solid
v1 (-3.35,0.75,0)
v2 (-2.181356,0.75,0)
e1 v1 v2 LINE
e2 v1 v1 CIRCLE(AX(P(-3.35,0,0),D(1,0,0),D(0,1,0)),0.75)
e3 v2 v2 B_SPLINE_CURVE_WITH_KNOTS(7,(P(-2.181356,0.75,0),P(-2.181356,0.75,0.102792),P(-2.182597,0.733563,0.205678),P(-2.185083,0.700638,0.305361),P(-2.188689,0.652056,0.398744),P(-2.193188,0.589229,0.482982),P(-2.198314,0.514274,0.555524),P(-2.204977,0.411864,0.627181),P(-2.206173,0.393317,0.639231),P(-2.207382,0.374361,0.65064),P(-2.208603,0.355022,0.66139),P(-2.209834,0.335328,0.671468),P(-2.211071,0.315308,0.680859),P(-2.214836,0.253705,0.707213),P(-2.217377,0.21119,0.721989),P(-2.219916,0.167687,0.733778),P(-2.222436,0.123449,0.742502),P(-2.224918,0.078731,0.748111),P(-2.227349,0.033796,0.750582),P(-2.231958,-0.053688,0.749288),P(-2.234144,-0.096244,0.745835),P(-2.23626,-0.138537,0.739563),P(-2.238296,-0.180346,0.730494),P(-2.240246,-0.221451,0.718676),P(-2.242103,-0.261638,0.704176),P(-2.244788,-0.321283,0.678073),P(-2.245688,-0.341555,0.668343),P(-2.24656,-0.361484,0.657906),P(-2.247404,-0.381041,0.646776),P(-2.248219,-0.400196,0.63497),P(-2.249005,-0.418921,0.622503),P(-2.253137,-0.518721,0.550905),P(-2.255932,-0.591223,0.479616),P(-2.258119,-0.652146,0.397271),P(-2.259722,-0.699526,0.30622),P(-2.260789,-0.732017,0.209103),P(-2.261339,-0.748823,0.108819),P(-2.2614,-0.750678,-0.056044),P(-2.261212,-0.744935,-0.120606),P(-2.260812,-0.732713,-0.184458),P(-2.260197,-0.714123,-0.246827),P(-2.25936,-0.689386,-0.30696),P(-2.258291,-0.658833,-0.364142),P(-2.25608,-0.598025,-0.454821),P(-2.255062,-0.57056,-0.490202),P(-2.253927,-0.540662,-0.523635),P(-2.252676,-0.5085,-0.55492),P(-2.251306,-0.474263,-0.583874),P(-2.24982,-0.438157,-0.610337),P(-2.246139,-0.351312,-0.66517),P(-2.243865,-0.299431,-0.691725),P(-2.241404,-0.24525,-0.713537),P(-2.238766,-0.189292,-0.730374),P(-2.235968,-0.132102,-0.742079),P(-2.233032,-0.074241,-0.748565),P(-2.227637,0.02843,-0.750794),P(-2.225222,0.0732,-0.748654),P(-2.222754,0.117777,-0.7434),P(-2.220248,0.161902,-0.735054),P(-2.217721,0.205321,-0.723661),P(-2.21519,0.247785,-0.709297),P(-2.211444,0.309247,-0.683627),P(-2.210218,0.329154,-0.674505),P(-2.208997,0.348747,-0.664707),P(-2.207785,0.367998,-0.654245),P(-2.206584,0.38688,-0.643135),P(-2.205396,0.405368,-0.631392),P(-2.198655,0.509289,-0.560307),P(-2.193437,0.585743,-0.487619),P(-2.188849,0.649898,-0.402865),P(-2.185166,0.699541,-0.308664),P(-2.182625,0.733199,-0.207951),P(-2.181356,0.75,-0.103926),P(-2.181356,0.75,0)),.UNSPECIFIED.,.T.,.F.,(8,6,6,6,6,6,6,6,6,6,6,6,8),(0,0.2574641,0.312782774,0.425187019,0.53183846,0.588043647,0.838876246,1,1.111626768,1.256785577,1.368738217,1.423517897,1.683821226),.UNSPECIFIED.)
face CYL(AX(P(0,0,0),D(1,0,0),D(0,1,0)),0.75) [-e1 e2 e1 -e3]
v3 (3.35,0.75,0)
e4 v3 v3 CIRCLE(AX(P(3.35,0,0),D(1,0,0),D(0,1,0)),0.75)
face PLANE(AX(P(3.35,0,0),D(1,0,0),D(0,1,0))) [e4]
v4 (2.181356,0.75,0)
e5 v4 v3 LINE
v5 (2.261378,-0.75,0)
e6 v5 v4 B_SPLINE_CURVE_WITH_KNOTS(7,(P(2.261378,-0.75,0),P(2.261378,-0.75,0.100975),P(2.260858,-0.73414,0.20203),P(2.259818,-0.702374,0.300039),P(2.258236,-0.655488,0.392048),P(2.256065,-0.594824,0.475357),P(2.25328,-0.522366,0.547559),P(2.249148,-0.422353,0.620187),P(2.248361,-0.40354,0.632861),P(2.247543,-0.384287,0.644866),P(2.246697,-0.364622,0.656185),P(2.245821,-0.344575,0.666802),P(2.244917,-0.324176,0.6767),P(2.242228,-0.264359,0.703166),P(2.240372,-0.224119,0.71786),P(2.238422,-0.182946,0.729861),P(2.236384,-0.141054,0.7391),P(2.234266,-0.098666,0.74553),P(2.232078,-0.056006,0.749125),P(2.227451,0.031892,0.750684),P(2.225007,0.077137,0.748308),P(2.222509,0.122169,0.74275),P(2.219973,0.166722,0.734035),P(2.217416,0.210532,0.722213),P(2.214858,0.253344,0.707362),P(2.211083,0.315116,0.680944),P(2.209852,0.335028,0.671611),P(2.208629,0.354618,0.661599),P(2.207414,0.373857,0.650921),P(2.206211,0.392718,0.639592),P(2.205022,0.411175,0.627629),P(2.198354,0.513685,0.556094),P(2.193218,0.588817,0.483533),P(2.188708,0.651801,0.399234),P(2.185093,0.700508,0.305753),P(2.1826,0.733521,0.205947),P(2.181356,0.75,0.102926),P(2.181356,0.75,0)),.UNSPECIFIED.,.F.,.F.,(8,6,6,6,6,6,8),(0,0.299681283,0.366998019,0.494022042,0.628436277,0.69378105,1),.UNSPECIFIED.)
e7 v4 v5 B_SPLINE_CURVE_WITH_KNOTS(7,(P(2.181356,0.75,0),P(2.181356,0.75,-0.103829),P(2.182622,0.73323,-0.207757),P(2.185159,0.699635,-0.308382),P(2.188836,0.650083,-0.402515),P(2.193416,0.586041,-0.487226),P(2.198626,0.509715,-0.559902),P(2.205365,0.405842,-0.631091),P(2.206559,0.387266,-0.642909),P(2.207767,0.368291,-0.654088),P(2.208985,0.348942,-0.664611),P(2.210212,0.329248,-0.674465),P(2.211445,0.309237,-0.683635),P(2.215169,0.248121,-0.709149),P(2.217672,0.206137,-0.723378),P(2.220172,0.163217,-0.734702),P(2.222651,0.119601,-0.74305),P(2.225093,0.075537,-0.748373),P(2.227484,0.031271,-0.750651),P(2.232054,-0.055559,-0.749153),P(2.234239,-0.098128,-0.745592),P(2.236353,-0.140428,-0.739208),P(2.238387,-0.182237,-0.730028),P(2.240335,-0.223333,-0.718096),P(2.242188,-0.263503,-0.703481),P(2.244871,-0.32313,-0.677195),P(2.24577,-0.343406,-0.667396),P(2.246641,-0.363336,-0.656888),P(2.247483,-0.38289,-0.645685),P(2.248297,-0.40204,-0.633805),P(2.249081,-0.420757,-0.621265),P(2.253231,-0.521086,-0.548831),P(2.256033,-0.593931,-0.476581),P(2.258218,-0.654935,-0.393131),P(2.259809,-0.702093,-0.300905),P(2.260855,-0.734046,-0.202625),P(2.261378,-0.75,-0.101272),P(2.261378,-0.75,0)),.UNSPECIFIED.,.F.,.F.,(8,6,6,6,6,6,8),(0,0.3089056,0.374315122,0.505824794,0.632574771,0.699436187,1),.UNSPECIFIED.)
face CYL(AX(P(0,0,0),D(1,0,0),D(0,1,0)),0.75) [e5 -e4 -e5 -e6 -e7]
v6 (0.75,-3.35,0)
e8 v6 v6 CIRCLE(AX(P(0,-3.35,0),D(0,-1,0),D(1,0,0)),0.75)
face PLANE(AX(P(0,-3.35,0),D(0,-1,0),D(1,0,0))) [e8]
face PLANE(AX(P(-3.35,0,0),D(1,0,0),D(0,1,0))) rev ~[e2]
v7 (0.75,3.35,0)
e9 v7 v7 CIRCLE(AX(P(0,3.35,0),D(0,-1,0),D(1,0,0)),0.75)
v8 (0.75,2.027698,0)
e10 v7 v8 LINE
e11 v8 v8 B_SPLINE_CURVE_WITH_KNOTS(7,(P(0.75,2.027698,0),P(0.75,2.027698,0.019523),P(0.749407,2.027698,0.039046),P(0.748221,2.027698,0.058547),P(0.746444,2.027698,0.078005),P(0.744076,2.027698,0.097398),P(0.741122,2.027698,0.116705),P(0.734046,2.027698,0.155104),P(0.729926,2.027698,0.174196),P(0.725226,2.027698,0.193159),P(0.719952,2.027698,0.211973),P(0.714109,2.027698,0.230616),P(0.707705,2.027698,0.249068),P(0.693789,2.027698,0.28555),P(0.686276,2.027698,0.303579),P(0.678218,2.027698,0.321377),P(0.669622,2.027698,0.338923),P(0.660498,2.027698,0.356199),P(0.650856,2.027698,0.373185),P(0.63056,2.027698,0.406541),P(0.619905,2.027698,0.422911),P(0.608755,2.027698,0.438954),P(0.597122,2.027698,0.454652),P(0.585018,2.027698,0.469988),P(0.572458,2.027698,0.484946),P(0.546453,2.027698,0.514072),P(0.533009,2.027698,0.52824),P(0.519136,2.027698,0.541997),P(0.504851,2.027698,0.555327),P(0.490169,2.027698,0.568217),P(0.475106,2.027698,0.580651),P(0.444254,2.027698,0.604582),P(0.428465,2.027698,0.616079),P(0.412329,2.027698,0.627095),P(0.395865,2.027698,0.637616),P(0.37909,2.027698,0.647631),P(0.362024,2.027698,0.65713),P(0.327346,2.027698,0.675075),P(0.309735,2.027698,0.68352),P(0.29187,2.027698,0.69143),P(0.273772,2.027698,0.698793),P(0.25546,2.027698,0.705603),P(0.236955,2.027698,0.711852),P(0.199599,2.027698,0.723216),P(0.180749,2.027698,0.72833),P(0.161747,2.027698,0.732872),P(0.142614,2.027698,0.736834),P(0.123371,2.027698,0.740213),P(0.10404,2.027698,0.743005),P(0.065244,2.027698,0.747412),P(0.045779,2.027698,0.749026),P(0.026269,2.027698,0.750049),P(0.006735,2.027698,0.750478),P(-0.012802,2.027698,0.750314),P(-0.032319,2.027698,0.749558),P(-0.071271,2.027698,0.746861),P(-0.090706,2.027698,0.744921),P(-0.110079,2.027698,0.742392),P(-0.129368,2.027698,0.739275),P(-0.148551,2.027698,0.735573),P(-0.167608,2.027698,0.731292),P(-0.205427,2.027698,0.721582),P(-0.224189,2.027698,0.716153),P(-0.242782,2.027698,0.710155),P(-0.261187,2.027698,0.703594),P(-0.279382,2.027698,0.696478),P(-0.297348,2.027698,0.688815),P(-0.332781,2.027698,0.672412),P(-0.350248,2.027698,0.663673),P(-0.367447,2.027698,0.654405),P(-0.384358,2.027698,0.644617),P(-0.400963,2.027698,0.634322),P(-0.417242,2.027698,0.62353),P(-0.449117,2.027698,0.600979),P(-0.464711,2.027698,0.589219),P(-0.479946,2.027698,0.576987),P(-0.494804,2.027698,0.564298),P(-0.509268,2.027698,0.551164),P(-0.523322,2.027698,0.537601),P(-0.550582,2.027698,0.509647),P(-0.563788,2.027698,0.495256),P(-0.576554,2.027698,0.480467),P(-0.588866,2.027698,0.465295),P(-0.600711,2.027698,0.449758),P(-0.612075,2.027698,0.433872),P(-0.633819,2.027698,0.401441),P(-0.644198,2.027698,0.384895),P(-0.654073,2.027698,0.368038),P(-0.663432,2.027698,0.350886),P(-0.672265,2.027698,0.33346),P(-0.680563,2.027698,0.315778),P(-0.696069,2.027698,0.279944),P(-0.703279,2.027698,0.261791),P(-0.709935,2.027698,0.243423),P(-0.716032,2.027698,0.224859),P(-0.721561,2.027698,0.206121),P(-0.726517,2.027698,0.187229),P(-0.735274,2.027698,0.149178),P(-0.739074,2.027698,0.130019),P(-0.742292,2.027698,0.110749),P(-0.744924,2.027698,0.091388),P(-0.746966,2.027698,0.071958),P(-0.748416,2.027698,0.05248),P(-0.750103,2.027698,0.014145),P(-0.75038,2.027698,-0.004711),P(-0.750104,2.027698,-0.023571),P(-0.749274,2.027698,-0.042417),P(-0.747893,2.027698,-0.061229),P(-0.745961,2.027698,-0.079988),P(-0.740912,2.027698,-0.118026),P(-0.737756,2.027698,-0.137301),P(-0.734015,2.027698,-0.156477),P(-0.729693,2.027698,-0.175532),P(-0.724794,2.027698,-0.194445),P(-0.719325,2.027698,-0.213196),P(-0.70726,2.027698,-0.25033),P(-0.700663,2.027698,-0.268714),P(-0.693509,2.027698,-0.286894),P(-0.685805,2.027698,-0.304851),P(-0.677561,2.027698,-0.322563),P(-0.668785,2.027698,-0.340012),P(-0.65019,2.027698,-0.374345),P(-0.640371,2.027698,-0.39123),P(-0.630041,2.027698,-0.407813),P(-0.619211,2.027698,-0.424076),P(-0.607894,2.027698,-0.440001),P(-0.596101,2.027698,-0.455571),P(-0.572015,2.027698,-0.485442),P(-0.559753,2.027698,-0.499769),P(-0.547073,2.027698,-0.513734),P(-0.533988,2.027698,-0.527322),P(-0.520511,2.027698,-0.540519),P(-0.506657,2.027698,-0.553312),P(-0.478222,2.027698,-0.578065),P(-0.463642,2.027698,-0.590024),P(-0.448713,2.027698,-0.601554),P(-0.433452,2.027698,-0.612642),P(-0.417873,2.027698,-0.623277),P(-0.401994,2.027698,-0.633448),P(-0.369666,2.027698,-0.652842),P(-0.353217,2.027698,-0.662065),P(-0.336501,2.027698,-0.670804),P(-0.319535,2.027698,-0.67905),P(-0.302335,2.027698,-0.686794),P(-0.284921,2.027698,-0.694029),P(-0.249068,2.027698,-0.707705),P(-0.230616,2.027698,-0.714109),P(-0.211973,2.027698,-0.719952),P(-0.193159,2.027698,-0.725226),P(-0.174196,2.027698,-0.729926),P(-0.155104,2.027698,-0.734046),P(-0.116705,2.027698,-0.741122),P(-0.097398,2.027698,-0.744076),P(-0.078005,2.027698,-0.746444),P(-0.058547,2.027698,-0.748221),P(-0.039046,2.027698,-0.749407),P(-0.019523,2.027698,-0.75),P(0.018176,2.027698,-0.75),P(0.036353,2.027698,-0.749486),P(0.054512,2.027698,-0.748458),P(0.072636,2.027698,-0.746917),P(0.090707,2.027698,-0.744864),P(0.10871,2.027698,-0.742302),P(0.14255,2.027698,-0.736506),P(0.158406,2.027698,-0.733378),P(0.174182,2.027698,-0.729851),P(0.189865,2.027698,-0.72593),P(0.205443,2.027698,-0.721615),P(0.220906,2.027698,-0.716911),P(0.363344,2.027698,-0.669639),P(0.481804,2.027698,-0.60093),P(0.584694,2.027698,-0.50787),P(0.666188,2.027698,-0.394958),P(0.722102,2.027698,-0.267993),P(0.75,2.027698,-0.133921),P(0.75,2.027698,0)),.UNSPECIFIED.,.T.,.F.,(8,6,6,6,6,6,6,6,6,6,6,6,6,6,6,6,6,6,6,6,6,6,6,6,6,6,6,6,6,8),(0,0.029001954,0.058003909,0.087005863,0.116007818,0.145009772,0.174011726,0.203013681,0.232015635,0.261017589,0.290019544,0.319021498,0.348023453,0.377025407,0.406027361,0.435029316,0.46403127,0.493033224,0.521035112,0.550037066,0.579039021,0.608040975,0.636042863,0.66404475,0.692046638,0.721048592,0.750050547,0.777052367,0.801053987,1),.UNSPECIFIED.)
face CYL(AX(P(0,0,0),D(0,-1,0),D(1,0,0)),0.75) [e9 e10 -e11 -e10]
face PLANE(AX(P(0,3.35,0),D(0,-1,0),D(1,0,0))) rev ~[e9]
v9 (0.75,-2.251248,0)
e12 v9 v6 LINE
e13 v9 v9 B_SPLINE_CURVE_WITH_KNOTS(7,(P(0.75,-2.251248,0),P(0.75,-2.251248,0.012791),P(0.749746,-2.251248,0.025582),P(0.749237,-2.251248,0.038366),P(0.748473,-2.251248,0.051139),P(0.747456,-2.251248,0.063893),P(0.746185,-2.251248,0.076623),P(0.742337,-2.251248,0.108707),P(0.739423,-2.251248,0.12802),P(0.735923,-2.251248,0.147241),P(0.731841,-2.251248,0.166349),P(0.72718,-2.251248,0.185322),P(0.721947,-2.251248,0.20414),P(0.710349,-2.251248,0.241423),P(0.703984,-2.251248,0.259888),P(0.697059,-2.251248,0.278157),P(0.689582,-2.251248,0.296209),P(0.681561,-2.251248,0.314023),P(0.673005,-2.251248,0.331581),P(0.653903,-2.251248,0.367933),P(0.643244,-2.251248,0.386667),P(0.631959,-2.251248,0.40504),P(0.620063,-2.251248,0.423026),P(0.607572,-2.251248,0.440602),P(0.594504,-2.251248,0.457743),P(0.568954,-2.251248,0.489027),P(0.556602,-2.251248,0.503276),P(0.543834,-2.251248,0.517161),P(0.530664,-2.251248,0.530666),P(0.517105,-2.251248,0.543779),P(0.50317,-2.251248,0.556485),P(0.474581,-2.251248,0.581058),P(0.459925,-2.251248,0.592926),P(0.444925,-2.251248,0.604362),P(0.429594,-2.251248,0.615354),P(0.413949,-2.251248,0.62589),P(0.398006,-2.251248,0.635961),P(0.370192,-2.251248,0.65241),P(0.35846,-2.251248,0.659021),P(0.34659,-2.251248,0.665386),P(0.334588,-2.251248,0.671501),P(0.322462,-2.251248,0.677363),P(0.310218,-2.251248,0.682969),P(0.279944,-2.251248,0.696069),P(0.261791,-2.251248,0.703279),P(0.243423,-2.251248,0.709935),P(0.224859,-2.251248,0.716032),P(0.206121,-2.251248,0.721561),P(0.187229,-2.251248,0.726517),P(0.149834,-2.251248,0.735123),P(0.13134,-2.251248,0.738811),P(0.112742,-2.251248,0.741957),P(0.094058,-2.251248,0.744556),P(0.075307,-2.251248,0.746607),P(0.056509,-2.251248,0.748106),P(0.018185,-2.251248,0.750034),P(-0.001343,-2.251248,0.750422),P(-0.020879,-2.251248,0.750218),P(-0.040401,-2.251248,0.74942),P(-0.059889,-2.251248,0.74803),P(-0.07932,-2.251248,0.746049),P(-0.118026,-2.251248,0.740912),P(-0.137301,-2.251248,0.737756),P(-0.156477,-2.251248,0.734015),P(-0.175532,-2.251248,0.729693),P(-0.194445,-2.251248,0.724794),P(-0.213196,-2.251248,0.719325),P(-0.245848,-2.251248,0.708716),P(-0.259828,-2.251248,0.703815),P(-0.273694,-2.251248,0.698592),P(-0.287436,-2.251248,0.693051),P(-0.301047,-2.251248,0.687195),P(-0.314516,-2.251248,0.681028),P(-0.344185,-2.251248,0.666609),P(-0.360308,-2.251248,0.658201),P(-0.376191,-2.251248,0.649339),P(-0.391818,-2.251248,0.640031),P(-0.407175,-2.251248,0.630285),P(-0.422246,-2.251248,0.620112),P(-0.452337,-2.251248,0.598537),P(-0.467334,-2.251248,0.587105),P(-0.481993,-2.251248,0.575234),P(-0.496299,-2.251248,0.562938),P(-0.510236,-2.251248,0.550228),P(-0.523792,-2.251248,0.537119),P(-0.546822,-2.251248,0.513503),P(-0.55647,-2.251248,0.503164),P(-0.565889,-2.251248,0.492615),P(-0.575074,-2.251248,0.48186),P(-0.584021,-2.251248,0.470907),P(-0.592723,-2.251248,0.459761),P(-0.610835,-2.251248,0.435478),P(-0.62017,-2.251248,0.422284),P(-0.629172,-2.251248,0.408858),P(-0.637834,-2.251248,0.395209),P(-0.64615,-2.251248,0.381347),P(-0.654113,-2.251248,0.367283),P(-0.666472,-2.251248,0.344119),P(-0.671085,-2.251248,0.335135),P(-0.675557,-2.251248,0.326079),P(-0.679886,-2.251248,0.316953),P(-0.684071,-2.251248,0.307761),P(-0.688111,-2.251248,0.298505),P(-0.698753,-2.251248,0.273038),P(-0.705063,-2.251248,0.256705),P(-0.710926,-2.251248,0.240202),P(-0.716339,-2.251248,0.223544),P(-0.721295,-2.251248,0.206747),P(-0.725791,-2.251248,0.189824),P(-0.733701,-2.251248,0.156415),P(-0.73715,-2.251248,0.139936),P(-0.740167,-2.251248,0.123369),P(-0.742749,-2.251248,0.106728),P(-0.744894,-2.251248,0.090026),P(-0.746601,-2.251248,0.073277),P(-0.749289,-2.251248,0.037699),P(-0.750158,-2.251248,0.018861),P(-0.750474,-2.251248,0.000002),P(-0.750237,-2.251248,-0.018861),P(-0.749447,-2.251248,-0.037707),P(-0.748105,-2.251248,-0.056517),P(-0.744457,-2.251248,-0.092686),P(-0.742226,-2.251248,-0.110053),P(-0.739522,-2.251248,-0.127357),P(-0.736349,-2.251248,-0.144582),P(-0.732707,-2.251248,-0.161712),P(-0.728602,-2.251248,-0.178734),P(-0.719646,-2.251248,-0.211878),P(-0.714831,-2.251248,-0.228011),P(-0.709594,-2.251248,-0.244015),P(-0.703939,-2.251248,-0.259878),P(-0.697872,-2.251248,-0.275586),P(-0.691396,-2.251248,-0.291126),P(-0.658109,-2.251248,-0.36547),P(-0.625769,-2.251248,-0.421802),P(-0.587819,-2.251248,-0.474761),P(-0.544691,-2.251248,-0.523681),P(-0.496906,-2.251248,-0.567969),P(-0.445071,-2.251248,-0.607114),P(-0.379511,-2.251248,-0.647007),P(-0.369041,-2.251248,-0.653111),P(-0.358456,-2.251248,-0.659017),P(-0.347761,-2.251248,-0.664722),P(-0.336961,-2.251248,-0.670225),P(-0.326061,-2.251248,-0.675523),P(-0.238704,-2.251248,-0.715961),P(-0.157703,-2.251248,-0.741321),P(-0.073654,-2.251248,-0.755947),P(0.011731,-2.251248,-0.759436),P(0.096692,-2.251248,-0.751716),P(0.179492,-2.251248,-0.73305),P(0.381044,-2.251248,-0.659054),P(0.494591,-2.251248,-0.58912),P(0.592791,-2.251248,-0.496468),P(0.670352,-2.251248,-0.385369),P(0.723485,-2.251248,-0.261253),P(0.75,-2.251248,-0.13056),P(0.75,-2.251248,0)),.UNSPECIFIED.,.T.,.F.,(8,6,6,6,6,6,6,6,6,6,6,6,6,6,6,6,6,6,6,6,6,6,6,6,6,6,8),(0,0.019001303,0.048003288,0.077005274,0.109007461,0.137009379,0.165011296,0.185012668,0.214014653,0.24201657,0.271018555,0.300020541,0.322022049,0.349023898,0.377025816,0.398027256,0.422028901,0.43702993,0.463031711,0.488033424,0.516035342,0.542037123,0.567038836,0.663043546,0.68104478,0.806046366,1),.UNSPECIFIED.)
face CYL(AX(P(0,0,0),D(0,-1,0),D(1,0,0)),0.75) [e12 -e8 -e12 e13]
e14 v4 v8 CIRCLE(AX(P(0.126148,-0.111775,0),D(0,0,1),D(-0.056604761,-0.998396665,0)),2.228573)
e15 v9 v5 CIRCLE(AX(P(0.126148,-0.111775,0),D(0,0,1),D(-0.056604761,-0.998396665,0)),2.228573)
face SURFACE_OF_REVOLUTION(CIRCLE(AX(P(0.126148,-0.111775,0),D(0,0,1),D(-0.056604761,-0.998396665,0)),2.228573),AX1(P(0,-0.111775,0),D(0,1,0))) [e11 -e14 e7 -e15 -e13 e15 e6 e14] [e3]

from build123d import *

# Parameters (mm, degrees)
F0_R     = 0.75
F1_DEPTH = 3.35
F2_R     = 0.75
F3_DEPTH = 3.35


with BuildPart() as f1:
    # F0 (on Front) → F1 (new body, symmetric)
    with BuildSketch(Plane.XZ):
        Circle(F0_R)
    extrude(amount=F1_DEPTH, both=True)

    # F2 (on Right) → F3 (join, symmetric)
    with BuildSketch(Plane.YZ):
        Circle(F2_R)
    extrude(amount=F3_DEPTH, both=True)

    # F4 (on Top) → F5 (revolve)
    with BuildSketch(Plane.XY):
        with BuildLine():
            Line((0, 2.113225), (0, -2.336775))
            ThreePointArc((0, -2.336775), (2.354721, -0.111775), (0, 2.113225))
        make_face()
    revolve(axis=Axis((0, -0.111775, 0), (0, 1, 0)))


solid = f1.part
